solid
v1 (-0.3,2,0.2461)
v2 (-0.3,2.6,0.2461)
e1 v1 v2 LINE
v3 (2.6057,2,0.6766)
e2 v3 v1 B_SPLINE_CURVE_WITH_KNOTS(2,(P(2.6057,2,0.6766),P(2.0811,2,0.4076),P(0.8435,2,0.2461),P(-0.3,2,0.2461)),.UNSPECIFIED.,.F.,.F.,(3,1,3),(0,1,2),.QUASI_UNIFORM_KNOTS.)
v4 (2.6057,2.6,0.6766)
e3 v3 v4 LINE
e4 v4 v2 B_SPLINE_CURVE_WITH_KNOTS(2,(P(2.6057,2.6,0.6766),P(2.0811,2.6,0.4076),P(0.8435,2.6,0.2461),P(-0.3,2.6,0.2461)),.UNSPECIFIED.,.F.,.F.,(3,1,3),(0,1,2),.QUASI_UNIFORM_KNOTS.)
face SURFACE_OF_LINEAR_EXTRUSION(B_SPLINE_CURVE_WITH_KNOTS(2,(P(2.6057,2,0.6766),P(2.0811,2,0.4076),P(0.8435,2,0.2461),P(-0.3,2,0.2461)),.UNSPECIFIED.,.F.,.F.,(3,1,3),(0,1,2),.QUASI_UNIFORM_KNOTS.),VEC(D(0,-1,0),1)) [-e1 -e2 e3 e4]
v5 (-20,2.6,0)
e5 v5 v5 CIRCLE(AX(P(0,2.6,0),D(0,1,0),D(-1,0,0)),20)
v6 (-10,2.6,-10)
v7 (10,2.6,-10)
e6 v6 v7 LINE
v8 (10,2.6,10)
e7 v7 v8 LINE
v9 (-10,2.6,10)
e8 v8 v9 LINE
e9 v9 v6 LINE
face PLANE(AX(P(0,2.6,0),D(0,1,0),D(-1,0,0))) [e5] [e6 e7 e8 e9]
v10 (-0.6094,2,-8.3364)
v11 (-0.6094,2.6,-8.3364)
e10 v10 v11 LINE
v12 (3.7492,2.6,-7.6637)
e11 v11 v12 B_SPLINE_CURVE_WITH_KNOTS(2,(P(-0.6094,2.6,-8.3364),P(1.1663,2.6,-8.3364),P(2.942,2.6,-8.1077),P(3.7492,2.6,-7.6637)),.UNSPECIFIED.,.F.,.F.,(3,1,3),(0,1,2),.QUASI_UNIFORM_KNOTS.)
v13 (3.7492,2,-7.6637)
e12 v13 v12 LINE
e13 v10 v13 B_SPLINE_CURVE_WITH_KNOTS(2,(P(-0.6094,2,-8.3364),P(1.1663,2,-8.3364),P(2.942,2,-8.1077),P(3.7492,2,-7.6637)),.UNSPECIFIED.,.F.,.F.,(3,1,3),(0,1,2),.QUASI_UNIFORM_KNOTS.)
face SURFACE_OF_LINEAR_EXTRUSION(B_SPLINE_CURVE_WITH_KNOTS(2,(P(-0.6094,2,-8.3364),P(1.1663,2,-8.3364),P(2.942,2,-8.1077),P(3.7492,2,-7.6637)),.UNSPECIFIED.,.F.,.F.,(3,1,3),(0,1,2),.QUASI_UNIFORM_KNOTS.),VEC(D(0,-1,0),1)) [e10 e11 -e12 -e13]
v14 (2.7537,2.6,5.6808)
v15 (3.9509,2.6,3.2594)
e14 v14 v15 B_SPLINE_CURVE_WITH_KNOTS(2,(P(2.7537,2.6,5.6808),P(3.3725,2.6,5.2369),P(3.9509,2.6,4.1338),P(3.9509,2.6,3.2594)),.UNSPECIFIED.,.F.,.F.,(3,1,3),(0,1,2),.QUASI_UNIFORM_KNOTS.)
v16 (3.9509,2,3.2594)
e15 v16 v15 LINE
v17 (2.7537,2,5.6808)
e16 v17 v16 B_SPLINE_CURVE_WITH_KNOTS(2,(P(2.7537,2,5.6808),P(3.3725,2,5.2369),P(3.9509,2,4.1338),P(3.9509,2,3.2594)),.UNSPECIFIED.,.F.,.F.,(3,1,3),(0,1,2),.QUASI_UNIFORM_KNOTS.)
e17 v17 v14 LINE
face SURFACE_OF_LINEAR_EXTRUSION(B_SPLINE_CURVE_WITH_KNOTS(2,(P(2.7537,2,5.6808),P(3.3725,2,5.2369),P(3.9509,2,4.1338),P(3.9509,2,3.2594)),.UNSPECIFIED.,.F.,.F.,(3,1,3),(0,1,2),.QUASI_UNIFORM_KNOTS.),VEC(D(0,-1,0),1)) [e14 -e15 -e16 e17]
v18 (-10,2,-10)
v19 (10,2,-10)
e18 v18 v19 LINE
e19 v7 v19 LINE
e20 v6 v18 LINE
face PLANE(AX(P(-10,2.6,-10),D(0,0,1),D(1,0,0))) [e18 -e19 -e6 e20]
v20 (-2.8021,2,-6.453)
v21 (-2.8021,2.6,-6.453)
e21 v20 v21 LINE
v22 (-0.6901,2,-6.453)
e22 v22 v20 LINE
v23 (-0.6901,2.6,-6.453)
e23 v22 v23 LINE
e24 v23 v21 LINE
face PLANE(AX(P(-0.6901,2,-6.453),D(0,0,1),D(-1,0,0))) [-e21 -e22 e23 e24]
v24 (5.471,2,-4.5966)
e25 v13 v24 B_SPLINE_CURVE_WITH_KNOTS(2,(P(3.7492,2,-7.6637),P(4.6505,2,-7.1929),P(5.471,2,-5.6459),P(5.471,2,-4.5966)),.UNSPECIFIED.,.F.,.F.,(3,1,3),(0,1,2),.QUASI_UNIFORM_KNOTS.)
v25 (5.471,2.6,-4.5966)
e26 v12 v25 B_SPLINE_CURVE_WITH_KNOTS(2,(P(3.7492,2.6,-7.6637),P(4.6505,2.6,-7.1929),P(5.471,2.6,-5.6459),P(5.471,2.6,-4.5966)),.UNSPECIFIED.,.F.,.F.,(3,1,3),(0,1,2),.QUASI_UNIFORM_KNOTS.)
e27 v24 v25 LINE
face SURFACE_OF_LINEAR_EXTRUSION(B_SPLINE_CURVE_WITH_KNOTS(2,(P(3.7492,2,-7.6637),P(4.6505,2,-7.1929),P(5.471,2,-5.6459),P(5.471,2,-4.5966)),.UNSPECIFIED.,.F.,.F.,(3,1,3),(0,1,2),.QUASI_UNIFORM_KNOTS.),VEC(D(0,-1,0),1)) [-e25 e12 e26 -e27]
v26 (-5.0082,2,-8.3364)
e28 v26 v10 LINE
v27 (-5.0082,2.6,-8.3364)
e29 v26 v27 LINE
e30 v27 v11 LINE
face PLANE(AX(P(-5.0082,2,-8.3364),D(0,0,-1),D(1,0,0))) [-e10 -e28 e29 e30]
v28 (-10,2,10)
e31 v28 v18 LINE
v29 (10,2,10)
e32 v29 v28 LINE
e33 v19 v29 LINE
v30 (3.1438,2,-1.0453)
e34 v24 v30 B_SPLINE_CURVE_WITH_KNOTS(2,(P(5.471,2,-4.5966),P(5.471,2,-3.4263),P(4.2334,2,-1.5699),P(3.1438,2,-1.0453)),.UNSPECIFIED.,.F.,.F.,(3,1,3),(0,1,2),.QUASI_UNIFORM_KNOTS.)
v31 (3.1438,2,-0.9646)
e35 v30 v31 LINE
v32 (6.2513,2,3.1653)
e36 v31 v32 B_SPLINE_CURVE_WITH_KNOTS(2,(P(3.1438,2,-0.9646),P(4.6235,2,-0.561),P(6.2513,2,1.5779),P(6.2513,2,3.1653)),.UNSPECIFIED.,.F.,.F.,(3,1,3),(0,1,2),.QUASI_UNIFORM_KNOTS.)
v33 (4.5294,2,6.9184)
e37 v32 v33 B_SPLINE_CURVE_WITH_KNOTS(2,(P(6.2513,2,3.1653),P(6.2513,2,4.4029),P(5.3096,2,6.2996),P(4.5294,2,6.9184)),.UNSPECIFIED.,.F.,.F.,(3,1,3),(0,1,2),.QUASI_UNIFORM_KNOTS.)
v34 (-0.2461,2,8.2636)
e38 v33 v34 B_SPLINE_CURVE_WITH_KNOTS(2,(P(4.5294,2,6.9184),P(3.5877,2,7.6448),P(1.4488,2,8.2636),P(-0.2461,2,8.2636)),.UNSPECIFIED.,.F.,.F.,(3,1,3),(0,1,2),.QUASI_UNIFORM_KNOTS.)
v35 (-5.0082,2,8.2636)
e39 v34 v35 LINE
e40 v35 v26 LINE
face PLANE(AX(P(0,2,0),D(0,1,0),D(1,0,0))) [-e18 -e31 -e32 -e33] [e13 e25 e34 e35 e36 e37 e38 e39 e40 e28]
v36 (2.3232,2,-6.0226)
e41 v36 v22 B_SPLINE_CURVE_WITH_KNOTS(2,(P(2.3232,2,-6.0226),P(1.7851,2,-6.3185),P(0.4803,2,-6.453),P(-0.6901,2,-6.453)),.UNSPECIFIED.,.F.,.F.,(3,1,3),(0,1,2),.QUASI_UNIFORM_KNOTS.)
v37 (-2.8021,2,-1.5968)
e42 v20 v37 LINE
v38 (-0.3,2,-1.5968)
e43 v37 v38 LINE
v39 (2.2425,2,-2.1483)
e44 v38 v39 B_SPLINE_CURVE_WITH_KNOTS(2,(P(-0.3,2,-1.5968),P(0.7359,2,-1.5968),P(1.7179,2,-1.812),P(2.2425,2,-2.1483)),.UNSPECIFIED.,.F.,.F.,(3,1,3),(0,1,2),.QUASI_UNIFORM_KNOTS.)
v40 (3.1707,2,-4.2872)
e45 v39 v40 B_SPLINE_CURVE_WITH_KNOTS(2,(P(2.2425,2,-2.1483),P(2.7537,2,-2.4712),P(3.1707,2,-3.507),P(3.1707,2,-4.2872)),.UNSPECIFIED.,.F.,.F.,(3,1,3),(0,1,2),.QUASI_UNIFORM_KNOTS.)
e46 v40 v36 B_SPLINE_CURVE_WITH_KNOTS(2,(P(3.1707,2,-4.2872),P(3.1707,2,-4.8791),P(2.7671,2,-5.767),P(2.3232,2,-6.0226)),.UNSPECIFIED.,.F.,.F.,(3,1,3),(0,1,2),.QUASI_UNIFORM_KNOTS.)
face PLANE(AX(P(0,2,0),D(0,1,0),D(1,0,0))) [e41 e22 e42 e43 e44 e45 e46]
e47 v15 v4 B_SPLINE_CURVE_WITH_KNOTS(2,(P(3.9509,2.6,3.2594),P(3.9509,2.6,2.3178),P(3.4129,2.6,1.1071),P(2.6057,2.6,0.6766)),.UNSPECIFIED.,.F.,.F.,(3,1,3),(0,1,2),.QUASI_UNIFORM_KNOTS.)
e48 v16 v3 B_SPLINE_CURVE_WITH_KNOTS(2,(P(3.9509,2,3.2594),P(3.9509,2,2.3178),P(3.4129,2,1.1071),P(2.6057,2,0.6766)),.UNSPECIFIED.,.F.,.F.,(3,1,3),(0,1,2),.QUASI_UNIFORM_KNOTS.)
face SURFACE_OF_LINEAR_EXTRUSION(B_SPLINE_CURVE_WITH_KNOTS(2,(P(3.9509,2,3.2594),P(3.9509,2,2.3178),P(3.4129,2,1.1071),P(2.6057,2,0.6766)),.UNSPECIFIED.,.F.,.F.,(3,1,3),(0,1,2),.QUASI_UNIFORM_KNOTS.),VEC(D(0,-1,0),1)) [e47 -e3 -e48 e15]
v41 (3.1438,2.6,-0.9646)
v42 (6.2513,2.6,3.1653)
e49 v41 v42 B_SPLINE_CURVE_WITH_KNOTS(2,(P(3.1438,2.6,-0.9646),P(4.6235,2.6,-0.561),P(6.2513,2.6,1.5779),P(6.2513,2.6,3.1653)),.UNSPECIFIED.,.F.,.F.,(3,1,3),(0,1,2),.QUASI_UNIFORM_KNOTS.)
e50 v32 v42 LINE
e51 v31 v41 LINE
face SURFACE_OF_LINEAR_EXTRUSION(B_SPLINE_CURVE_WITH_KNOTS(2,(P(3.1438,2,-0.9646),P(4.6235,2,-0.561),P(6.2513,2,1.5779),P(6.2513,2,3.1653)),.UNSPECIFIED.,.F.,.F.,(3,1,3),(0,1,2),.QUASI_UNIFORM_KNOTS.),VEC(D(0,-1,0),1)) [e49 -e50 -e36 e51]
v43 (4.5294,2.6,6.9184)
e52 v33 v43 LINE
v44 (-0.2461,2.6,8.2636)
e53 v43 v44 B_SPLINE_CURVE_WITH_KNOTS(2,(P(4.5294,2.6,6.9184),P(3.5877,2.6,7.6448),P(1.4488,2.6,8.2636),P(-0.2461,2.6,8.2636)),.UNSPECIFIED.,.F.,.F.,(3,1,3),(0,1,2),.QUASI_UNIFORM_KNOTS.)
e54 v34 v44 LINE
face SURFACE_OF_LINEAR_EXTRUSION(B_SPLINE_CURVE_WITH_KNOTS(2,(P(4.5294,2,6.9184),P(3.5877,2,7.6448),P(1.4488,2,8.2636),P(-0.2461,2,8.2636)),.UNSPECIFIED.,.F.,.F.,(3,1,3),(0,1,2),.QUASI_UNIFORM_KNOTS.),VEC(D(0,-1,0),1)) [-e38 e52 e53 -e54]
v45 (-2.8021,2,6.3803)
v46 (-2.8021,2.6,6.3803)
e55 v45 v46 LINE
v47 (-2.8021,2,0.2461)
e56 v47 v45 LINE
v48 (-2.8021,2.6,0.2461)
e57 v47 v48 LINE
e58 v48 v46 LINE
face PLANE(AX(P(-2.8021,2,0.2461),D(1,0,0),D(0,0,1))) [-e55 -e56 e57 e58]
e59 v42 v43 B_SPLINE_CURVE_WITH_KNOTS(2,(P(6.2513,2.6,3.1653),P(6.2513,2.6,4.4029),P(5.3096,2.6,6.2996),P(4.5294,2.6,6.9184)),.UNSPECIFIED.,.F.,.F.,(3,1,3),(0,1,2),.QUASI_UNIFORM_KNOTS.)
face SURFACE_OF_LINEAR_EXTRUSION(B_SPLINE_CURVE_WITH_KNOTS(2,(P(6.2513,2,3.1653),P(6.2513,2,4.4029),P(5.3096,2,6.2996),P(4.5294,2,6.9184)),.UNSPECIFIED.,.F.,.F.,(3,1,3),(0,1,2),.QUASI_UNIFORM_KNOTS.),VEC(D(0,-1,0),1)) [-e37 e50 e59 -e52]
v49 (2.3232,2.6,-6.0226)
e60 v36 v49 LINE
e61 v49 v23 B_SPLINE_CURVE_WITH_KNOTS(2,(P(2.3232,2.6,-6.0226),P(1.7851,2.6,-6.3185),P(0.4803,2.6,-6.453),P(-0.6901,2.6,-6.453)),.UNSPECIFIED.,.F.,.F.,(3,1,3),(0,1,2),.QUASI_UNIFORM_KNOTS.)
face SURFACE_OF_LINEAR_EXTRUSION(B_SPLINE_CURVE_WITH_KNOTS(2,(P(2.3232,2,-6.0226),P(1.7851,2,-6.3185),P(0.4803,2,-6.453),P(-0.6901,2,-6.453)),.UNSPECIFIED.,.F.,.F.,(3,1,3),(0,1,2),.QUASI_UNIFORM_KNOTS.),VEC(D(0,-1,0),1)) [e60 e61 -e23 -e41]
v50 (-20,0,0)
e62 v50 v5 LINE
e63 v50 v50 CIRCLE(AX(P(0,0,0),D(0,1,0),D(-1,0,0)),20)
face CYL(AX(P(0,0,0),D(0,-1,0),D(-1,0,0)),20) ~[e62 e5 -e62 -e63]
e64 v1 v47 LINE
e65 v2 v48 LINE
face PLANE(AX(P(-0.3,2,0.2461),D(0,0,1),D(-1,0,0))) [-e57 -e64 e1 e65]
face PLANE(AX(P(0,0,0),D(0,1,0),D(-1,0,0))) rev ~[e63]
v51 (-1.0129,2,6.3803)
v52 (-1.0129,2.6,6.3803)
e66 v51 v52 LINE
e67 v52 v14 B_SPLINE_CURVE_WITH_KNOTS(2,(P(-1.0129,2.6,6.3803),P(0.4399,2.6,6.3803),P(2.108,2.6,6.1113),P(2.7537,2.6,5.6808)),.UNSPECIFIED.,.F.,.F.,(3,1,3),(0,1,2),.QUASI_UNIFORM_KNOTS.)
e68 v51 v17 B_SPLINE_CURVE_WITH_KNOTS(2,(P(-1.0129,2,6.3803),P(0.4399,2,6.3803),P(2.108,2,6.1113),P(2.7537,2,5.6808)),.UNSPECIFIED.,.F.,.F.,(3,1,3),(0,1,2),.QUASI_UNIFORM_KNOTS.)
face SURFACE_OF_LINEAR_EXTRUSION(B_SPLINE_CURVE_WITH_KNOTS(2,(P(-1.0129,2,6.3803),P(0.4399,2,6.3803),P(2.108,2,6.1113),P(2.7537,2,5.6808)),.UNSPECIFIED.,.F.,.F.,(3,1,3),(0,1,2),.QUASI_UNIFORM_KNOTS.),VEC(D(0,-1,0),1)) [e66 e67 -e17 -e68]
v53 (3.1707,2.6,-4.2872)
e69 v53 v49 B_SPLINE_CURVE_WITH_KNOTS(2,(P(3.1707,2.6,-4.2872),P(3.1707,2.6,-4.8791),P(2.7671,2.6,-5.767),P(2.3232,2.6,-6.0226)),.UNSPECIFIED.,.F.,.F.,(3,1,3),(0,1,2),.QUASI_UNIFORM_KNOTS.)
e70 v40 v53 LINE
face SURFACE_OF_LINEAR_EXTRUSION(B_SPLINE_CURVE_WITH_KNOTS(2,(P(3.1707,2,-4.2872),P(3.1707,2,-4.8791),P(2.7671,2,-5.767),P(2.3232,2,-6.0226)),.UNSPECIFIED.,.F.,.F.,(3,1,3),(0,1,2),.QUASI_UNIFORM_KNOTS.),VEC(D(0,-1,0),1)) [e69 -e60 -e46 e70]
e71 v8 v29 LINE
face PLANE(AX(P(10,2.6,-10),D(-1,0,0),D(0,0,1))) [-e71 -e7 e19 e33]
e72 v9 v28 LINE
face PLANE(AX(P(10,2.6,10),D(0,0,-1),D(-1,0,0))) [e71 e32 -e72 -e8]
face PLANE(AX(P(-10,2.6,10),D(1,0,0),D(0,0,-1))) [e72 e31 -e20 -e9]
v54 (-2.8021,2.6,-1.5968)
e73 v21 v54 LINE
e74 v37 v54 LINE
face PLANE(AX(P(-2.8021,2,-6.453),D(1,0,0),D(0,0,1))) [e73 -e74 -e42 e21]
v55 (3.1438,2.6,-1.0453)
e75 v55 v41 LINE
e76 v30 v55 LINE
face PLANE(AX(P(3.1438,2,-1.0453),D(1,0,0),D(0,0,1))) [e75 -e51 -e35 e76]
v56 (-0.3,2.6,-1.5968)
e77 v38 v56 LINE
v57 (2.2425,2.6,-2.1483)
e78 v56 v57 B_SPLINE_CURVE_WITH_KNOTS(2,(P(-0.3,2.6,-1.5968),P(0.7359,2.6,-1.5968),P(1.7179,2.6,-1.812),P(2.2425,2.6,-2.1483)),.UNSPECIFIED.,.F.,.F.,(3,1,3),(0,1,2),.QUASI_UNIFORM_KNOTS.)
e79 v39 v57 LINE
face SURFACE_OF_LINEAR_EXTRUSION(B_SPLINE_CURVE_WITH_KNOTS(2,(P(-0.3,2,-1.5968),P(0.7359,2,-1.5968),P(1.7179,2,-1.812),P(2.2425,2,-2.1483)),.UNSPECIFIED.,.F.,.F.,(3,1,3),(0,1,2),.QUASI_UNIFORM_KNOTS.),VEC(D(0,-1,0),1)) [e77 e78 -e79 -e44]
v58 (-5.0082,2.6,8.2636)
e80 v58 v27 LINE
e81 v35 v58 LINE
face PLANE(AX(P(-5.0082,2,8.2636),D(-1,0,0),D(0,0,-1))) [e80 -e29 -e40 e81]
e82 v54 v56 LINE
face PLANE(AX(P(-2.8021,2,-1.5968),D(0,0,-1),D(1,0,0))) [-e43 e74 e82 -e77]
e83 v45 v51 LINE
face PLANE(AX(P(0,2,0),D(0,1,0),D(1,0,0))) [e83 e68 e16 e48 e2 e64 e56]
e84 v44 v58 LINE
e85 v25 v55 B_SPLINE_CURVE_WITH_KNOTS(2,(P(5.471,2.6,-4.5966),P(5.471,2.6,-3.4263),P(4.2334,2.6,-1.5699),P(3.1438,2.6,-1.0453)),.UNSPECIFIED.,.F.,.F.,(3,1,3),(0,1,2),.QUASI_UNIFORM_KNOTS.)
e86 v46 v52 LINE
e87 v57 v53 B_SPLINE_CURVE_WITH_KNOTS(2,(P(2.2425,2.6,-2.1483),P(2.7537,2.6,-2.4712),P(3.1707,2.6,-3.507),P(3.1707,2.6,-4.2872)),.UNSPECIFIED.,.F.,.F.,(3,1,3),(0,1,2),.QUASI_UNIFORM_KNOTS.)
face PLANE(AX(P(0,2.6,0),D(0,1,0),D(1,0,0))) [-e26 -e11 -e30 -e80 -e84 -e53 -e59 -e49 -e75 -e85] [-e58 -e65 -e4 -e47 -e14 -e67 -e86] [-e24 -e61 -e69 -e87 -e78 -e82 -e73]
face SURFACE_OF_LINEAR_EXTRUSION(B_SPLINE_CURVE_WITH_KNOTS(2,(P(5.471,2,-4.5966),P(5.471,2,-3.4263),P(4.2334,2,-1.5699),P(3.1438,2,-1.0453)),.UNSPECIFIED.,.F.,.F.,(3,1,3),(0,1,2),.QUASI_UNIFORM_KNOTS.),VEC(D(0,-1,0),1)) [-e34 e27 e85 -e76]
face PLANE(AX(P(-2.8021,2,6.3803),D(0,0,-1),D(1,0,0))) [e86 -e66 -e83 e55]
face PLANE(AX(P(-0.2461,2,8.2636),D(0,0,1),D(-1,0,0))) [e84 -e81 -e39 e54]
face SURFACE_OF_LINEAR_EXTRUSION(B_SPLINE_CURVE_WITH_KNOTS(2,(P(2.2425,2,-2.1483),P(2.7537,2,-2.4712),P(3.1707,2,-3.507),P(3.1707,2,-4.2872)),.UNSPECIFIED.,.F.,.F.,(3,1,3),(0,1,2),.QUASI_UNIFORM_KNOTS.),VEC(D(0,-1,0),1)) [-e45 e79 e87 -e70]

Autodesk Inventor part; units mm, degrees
ref_plane "YZ Plane" through (0, 0, 0) normal (1, 0, 0) x (0, 1, 0)
ref_plane "XZ Plane" through (0, 0, 0) normal (0, 1, 0) x (-1, 0, 0)
ref_plane "XY Plane" through (0, 0, 0) normal (0, 0, 1) x (1, 0, 0)
sketch "Sketch1" plane through (0, 0, 0) normal (0, 1, 0) x (-1, 0, 0)
  circle A0 centre (0, 0) radius 20
  dimension "d0" = 40
extrude "Extrusion1" add sketch "Sketch1" along normal blind 2.6
sketch "Sketch2" plane through (0, 2.6, 0) normal (0, 1, 0) x (1, 0, 0)
  line L0 (-10, -10) -> (-10, 10)
  line L1 (-10, 10) -> (10, 10)
  line L2 (10, 10) -> (10, -10)
  line L3 (10, -10) -> (-10, -10)
  line L4 (-10, -10) -> (10, 10) construction
  line L5 (-10, 10) -> (10, -10) construction
  point P0 (0, 0)
  dimension "d3" = 20
  dimension "d4" = 20
extrude "Extrusion2" cut sketch "Sketch2" against normal blind 0.6
sketch "Sketch3" plane through (0, 2, 0) normal (0, 1, 0) x (1, 0, 0)
  line L0 (-6.6897, 8.3364) -> (6.7624, 8.3364) construction
  line L1 (6.7624, 8.3364) -> (6.7624, -8.2636) construction
  line L2 (6.7624, -8.2636) -> (-6.6897, -8.2636) construction
  line L3 (-6.6897, -8.2636) -> (-6.6897, 8.3364) construction
  spline S0 degree 2 poles (6.2513, -3.1653) (6.2513, -4.4029) (5.3096, -6.2996) (4.5294, -6.9184) knots 0 0 0 1 2 2 2
  spline S1 degree 2 poles (4.5294, -6.9184) (3.5877, -7.6448) (1.4488, -8.2636) (-0.2461, -8.2636) knots 0 0 0 1 2 2 2
  line L4 (-0.2461, -8.2636) -> (-5.0082, -8.2636)
  line L5 (-5.0082, -8.2636) -> (-5.0082, 8.3364)
  line L6 (-5.0082, 8.3364) -> (-0.6094, 8.3364)
  spline S2 degree 2 poles (-0.6094, 8.3364) (1.1663, 8.3364) (2.942, 8.1077) (3.7492, 7.6637) knots 0 0 0 1 2 2 2
  spline S3 degree 2 poles (3.7492, 7.6637) (4.6505, 7.1929) (5.471, 5.6459) (5.471, 4.5966) knots 0 0 0 1 2 2 2
  spline S4 degree 2 poles (5.471, 4.5966) (5.471, 3.4263) (4.2334, 1.5699) (3.1438, 1.0453) knots 0 0 0 1 2 2 2
  line L7 (3.1438, 1.0453) -> (3.1438, 0.9646)
  spline S5 degree 2 poles (3.1438, 0.9646) (4.6235, 0.561) (6.2513, -1.5779) (6.2513, -3.1653) knots 0 0 0 1 2 2 2
  spline S6 degree 2 poles (3.9509, -3.2594) (3.9509, -2.3178) (3.4129, -1.1071) (2.6057, -0.6766) knots 0 0 0 1 2 2 2
  spline S7 degree 2 poles (2.6057, -0.6766) (2.0811, -0.4076) (0.8435, -0.2461) (-0.3, -0.2461) knots 0 0 0 1 2 2 2
  line L8 (-0.3, -0.2461) -> (-2.8021, -0.2461)
  line L9 (-2.8021, -0.2461) -> (-2.8021, -6.3803)
  line L10 (-2.8021, -6.3803) -> (-1.0129, -6.3803)
  spline S8 degree 2 poles (-1.0129, -6.3803) (0.4399, -6.3803) (2.108, -6.1113) (2.7537, -5.6808) knots 0 0 0 1 2 2 2
  spline S9 degree 2 poles (2.7537, -5.6808) (3.3725, -5.2369) (3.9509, -4.1338) (3.9509, -3.2594) knots 0 0 0 1 2 2 2
  spline S10 degree 2 poles (3.1707, 4.2872) (3.1707, 4.8791) (2.7671, 5.767) (2.3232, 6.0226) knots 0 0 0 1 2 2 2
  spline S11 degree 2 poles (2.3232, 6.0226) (1.7851, 6.3185) (0.4803, 6.453) (-0.6901, 6.453) knots 0 0 0 1 2 2 2
  line L11 (-0.6901, 6.453) -> (-2.8021, 6.453)
  line L12 (-2.8021, 6.453) -> (-2.8021, 1.5968)
  line L13 (-2.8021, 1.5968) -> (-0.3, 1.5968)
  spline S12 degree 2 poles (-0.3, 1.5968) (0.7359, 1.5968) (1.7179, 1.812) (2.2425, 2.1483) knots 0 0 0 1 2 2 2
  spline S13 degree 2 poles (2.2425, 2.1483) (2.7537, 2.4712) (3.1707, 3.507) (3.1707, 4.2872) knots 0 0 0 1 2 2 2
  point P0 (0, 0)
extrude "Extrusion3" add sketch "Sketch3" along normal blind 0.6
properties part number "TopMarkerPreset"
